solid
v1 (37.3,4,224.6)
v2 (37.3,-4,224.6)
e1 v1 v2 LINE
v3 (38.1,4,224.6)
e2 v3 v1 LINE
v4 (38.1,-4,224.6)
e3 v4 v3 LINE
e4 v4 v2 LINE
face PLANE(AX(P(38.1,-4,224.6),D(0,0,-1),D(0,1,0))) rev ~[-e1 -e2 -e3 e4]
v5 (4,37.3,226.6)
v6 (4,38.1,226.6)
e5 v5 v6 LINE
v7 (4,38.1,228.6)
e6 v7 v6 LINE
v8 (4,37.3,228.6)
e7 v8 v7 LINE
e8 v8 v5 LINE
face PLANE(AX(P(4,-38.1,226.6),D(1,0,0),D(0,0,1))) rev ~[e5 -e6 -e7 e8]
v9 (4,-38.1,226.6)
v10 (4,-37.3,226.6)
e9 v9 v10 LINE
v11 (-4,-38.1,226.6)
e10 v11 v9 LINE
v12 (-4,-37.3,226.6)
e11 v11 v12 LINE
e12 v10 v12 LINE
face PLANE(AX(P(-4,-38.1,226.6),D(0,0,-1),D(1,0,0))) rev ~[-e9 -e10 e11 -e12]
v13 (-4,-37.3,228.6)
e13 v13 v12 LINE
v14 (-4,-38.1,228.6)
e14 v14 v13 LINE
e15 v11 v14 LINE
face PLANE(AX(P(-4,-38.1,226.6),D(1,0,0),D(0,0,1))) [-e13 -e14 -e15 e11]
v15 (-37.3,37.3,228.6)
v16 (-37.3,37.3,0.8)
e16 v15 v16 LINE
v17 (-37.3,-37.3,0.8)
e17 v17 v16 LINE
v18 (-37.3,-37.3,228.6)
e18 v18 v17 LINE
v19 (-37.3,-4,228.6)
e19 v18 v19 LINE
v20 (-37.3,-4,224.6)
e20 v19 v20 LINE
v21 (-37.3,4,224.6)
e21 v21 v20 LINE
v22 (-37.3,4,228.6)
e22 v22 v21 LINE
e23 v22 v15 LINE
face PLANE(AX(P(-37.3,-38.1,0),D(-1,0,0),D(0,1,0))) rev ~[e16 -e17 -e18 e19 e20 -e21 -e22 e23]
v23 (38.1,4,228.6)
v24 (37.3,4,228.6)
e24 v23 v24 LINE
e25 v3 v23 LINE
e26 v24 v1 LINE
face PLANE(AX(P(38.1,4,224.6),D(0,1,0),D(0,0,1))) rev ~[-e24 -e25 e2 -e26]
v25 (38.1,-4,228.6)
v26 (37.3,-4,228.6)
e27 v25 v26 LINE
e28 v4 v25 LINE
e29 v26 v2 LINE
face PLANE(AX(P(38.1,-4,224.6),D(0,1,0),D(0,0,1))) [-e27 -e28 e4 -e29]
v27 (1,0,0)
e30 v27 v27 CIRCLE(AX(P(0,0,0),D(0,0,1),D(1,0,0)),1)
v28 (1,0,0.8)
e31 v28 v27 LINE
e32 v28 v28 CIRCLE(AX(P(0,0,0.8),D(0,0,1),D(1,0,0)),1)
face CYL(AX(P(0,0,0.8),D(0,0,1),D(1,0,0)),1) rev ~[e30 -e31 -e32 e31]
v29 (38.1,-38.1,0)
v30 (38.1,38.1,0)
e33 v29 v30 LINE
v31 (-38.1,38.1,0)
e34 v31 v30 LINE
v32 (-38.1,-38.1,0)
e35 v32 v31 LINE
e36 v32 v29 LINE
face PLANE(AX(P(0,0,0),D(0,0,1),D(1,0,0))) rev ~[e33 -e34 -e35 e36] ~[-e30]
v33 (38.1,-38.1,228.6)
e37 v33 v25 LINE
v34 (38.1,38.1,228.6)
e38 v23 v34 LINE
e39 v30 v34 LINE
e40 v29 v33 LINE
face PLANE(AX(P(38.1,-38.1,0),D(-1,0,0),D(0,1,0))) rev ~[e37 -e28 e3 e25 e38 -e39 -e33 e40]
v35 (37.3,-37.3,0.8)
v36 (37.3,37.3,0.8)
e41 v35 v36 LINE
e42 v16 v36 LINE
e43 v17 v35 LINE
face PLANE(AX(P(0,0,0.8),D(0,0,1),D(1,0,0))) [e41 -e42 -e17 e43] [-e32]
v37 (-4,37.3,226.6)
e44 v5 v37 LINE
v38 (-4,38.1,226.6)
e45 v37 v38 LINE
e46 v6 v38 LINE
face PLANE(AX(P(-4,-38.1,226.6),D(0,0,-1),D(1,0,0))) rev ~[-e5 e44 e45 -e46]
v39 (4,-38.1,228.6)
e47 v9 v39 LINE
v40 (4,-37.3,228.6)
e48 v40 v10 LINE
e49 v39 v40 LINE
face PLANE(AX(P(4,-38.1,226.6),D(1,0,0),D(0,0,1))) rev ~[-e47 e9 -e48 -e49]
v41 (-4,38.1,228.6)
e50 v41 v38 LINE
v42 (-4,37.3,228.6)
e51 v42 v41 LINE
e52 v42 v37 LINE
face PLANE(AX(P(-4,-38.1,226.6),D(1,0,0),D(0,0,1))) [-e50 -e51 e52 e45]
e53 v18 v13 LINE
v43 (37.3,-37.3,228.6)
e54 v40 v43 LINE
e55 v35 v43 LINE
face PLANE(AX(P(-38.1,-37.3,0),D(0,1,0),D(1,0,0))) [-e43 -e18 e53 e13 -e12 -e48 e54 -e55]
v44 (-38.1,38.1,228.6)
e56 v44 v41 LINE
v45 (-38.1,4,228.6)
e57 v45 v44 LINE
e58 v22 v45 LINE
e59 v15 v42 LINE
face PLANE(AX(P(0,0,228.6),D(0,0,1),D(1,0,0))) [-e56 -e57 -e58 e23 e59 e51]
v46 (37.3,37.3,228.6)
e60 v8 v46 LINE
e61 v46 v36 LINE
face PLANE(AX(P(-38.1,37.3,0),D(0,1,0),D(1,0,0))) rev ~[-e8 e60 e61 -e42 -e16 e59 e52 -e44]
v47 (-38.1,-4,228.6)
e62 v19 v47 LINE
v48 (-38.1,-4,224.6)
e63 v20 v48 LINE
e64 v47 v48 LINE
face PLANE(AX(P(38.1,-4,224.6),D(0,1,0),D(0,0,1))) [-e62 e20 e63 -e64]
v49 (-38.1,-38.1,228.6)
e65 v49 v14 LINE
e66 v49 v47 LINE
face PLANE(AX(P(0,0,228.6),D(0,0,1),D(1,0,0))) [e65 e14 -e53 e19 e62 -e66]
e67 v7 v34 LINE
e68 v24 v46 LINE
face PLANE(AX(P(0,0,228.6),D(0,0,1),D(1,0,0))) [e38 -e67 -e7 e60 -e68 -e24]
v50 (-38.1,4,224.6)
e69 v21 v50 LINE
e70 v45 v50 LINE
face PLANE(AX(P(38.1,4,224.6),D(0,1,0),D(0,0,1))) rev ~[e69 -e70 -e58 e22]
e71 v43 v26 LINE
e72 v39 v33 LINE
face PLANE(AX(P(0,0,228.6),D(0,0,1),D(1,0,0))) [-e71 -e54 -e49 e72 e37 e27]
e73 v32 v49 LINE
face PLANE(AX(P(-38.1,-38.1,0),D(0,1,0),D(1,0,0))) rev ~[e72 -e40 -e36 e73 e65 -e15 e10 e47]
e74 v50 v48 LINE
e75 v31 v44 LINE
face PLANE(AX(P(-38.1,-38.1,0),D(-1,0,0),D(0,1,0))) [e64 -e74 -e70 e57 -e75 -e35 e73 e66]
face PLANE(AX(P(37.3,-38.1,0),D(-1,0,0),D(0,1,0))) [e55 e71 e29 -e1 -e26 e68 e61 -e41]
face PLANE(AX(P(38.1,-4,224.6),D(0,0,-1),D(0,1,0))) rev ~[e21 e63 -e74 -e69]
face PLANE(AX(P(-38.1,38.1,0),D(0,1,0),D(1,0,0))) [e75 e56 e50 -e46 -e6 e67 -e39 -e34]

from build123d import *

# Parameters (mm, degrees)
F0_W     = 76.2
F0_H     = 76.2
F1_DEPTH = 228.6
F2_T     = -0.8
F3_R     = 1
F4_DEPTH = 25.4
F5_W     = 8
F5_H     = 2
F6_DEPTH = 76.201
F7_W     = 8
F7_H     = 4
F8_DEPTH = 76.201


with BuildPart() as f1:
    # F0 (on Top) → F1 (new body)
    with BuildSketch(Plane.XY):
        Rectangle(F0_W, F0_H)
    extrude(amount=F1_DEPTH)

    # F2
    f2_openings = [f1.faces().sort_by_distance(p)[0] for p in [
        (0, 0, 228.6),
    ]]
    offset(amount=F2_T, openings=f2_openings)

    # F3 (on face) → F4 (cut)
    with BuildSketch(Plane.XY.offset(0.8)):
        Circle(F3_R)
    extrude(amount=-F4_DEPTH, mode=Mode.SUBTRACT)

    # F5 (on face) → F6 (cut, through all)
    with BuildSketch(Plane.XZ.offset(38.1)):
        with Locations((0, 227.6)):
            Rectangle(F5_W, F5_H)
    extrude(amount=-F6_DEPTH, mode=Mode.SUBTRACT)

    # F7 (on face) → F8 (cut, through all)
    with BuildSketch(Plane.YZ.offset(38.1)):
        with Locations((0, 226.6)):
            Rectangle(F7_W, F7_H)
    extrude(amount=-F8_DEPTH, mode=Mode.SUBTRACT)


solid = f1.part
